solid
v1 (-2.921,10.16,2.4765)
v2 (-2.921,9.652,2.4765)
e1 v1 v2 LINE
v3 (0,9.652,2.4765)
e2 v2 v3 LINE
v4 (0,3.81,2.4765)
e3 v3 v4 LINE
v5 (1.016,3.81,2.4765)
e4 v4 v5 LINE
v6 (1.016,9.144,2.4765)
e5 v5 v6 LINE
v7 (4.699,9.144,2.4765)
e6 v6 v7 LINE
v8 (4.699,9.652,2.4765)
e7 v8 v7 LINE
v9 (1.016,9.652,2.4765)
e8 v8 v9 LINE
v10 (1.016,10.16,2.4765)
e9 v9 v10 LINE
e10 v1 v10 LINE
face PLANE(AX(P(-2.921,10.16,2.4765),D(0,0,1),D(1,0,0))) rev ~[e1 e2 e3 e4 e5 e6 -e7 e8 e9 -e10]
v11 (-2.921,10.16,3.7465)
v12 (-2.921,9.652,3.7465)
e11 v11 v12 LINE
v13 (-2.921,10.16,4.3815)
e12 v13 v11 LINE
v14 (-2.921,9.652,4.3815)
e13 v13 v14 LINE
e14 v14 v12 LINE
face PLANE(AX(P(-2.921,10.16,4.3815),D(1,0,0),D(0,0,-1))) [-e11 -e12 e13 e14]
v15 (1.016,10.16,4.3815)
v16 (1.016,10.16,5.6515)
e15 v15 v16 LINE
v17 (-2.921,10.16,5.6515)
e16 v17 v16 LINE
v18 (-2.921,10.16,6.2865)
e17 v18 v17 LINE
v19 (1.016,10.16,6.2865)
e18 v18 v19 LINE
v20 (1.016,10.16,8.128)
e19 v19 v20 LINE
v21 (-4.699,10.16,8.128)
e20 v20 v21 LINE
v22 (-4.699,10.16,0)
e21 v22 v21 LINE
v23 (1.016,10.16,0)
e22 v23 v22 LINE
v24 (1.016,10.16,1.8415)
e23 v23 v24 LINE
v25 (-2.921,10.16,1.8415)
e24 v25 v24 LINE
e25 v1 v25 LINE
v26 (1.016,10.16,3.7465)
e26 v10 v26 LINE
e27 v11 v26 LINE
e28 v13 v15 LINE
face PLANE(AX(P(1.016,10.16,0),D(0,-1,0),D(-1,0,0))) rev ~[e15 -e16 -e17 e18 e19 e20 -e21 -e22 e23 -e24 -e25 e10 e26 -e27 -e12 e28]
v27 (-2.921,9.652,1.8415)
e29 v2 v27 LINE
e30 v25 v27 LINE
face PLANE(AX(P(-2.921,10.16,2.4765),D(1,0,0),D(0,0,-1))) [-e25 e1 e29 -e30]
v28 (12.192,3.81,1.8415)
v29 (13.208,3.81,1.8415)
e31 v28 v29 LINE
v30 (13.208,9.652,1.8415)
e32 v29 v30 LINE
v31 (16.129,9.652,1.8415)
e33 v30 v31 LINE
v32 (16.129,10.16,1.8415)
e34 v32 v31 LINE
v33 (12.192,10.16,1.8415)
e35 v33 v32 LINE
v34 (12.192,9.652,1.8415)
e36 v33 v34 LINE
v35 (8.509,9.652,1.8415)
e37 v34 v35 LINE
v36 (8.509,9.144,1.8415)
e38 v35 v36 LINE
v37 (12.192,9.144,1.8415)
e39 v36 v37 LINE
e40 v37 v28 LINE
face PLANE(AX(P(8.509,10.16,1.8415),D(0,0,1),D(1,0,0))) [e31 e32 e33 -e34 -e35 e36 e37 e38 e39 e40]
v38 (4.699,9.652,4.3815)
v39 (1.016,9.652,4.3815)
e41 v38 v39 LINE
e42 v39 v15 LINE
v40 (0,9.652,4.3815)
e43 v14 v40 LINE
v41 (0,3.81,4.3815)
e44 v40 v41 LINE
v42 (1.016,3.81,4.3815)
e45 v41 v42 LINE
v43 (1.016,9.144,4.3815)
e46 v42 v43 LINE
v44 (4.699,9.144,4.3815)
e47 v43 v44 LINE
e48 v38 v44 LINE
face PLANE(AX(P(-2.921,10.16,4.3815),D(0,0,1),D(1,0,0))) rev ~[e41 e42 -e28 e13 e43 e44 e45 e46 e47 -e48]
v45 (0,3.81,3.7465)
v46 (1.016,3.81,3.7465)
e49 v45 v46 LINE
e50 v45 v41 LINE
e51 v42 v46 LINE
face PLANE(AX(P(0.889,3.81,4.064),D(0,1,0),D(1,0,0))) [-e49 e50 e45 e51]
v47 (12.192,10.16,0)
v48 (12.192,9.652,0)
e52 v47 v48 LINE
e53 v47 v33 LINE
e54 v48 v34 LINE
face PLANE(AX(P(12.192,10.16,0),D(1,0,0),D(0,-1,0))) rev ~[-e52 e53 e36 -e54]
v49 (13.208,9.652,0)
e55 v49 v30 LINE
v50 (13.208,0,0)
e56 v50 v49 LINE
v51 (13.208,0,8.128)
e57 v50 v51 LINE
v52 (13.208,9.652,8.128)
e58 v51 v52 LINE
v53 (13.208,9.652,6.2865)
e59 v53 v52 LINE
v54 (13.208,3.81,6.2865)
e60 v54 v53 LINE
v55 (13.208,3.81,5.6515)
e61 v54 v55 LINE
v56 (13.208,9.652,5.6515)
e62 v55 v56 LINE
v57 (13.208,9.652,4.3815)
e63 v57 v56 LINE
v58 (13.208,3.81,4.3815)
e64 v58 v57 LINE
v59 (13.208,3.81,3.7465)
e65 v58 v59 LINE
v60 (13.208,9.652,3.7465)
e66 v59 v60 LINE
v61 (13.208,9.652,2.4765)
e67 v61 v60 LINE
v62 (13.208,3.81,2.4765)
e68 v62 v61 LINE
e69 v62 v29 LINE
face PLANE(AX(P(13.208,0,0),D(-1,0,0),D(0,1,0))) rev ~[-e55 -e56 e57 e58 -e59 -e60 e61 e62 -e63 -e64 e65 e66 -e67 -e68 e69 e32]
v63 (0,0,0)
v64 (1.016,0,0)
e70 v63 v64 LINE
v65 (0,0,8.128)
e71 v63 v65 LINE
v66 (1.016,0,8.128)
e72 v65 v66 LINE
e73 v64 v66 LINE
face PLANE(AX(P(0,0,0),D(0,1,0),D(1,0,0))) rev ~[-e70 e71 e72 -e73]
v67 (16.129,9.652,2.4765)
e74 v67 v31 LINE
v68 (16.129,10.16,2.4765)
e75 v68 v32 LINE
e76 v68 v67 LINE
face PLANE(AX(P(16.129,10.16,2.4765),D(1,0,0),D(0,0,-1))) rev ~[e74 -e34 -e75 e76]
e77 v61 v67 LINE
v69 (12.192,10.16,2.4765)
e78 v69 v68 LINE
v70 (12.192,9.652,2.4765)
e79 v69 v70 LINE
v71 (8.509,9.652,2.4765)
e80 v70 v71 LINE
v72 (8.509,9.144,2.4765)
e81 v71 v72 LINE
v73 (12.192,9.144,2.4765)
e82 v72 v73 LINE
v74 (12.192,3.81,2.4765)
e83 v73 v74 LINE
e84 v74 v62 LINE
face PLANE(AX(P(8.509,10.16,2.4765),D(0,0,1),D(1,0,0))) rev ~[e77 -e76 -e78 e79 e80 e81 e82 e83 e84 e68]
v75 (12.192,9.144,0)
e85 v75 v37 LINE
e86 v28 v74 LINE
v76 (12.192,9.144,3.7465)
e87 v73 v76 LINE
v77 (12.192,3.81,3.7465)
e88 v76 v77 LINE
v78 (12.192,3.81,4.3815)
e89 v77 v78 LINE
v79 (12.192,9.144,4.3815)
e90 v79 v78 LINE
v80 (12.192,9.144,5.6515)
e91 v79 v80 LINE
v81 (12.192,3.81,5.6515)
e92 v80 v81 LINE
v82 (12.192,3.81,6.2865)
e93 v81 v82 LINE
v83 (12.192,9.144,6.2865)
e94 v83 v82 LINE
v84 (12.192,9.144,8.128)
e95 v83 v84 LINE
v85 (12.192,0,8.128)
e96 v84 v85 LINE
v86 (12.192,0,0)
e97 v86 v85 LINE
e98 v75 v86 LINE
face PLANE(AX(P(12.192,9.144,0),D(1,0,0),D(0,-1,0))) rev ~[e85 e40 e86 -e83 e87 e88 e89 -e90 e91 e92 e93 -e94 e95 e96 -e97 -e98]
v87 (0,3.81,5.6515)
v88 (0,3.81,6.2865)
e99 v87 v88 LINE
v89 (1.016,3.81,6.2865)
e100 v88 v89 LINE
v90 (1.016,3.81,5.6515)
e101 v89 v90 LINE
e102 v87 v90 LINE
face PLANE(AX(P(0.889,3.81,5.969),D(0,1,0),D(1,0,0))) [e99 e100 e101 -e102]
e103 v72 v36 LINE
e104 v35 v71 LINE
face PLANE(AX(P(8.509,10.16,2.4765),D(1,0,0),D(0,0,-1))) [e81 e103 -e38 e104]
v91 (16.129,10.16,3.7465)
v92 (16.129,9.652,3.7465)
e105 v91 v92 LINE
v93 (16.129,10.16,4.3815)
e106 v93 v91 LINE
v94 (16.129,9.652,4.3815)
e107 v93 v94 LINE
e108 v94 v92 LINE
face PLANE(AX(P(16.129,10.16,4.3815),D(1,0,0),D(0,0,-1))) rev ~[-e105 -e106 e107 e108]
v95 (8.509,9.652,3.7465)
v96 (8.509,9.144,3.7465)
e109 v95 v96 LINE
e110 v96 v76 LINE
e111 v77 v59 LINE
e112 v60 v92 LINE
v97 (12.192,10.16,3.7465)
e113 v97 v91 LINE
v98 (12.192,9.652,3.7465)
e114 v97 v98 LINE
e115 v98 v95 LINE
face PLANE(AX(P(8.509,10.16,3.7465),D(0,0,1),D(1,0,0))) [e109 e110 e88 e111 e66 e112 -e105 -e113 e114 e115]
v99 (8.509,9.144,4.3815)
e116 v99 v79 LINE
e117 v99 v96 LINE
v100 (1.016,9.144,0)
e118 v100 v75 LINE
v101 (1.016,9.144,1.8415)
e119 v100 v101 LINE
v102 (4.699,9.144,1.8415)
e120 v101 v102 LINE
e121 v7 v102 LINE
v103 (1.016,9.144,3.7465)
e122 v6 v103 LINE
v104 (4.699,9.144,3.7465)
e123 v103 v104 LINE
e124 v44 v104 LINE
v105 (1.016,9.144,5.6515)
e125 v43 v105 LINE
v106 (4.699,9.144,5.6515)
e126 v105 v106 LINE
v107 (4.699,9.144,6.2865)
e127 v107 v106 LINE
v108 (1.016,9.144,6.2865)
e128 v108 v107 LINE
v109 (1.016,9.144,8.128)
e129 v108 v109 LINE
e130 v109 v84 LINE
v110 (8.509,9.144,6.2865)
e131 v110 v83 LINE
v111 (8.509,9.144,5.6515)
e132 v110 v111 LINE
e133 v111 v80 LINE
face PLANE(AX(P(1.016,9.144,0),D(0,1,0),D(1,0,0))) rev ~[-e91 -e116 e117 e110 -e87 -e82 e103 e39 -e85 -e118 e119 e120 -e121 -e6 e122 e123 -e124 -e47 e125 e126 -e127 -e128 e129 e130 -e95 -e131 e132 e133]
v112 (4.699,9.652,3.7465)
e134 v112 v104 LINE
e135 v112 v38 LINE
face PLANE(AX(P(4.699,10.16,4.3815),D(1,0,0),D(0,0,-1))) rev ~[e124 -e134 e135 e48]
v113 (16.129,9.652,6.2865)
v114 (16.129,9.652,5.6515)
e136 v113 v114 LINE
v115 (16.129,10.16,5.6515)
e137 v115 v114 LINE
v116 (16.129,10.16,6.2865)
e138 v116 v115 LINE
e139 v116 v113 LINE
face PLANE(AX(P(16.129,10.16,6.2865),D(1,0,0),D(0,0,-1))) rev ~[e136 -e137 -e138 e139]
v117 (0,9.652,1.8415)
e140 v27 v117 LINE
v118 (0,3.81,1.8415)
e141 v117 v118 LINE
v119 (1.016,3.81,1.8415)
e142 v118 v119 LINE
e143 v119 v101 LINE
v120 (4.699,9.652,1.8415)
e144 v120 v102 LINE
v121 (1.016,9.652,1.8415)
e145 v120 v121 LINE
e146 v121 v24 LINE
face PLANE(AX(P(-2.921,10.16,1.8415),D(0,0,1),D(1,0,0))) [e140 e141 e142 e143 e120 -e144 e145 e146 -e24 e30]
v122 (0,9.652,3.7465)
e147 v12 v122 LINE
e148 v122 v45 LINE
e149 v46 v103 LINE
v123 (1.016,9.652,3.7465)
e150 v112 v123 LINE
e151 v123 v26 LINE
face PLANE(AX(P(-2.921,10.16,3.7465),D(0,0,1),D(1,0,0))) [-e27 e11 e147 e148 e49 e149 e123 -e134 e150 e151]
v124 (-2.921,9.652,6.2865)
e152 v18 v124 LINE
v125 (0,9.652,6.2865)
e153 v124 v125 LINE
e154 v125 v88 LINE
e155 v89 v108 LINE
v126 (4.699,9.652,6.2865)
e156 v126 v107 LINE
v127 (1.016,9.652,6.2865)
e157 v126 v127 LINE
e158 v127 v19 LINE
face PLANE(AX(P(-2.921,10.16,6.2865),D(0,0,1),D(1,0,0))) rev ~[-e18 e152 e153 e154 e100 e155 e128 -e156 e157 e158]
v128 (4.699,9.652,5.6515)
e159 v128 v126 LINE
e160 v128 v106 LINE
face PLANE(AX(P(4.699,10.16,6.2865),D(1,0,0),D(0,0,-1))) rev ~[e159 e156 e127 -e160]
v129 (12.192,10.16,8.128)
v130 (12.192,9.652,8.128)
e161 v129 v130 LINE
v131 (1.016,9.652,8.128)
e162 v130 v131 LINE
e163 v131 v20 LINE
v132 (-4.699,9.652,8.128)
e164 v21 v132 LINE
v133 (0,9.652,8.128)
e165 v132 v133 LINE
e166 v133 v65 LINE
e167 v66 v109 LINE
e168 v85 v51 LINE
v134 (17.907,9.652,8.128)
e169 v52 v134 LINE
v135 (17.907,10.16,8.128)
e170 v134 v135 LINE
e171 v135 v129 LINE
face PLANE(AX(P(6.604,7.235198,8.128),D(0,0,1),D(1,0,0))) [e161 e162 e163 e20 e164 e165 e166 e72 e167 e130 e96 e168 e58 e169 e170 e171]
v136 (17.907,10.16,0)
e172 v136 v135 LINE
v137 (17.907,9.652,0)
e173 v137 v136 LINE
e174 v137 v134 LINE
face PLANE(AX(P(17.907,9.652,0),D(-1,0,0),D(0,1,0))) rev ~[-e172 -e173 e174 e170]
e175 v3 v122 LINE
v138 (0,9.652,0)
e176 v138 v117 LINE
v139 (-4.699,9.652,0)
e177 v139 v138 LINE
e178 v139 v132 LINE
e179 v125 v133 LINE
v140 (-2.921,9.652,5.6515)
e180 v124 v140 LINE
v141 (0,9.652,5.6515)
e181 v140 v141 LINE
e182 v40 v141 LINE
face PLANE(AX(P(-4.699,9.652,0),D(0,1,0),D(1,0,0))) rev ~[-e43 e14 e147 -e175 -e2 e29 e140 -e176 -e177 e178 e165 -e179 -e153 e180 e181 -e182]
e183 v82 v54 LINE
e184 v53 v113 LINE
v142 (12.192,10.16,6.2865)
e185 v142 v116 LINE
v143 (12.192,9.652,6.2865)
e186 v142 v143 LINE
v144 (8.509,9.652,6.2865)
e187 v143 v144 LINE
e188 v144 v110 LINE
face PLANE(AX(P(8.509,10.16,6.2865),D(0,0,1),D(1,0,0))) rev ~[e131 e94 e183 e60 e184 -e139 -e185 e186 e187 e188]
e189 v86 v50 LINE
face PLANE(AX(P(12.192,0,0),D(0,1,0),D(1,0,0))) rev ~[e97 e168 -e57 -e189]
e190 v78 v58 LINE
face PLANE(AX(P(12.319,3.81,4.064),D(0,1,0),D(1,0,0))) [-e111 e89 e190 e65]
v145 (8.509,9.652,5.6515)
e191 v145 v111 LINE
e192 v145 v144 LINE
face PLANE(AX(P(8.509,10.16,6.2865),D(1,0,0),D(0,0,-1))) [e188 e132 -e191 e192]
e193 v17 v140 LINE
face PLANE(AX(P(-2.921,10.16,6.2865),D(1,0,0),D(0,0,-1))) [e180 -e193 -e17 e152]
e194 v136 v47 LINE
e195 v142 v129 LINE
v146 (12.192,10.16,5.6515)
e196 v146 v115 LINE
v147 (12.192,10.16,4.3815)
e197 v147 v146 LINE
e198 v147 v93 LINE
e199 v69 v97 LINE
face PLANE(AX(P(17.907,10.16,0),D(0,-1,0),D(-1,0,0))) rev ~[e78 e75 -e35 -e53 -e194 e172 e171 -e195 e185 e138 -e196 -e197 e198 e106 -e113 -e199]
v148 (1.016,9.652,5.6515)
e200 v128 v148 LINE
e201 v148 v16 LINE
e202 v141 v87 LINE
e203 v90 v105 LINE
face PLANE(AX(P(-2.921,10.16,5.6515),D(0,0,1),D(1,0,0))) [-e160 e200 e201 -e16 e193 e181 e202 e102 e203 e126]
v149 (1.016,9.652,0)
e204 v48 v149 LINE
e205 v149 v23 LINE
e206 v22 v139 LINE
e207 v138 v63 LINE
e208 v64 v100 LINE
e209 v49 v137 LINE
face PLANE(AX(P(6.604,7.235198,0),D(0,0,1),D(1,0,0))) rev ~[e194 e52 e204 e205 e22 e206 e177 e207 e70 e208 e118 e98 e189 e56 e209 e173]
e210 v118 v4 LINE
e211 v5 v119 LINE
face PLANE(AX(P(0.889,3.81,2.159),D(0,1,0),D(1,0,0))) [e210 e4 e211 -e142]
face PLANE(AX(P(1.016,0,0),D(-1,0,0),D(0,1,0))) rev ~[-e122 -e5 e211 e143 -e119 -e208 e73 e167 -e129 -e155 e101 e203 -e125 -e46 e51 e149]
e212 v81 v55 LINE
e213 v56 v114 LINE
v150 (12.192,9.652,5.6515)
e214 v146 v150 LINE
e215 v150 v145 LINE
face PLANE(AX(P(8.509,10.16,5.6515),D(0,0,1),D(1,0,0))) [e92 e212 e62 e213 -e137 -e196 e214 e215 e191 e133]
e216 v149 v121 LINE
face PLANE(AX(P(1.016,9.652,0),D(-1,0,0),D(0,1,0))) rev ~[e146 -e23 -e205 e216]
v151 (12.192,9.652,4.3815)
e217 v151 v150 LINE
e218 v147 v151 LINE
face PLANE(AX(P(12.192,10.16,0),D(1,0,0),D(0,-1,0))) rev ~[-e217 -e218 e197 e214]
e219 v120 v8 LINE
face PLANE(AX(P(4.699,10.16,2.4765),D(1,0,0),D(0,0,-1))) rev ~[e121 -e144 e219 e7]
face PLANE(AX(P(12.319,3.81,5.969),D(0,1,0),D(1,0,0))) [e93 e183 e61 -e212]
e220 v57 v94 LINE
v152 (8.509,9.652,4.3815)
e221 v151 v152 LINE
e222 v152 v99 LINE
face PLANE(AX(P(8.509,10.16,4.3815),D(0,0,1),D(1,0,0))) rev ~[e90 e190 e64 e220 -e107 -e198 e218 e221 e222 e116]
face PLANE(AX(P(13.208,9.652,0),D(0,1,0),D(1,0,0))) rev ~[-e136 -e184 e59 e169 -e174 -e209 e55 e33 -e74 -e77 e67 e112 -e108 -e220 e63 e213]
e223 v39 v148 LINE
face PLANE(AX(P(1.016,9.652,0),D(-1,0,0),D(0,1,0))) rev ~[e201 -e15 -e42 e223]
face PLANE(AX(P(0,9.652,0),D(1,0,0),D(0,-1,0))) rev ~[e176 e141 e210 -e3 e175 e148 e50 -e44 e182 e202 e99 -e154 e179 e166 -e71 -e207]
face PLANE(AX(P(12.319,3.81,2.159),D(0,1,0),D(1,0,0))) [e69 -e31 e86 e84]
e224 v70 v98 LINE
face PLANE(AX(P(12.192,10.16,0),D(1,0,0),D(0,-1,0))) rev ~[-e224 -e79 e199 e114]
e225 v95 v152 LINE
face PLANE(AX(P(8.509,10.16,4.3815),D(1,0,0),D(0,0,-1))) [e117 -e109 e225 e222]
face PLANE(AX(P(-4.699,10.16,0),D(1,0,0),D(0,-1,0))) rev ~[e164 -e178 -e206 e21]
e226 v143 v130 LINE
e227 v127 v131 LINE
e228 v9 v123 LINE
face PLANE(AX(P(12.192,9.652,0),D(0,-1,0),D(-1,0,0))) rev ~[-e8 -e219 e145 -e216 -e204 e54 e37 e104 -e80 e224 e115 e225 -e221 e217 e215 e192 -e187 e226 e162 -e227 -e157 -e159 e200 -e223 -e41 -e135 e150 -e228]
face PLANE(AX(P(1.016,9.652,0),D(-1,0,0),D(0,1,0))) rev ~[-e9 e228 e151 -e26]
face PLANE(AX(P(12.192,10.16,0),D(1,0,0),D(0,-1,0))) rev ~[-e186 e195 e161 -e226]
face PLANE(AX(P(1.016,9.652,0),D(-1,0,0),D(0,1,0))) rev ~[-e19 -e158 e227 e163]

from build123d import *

# Parameters (mm, degrees)
BOSS_EXTRUDE1_DEPTH = 8.128
SKETCH2_W           = 7.62
SKETCH2_H           = 0.635
CUT_EXTRUDE1_DEPTH  = 6.35


with BuildPart() as part:
    # Sketch1 → Boss-Extrude1 (new body)
    with BuildSketch(Plane.XY):
        Polygon((-4.699, 10.16), (-4.699, 9.652), (0, 9.652), (0, 0), (1.016, 0), (1.016, 9.144), (12.192, 9.144), (12.192, 0), (13.208, 0), (13.208, 9.652), (17.907, 9.652), (17.907, 10.16), (12.192, 10.16), (12.192, 9.652), (1.016, 9.652), (1.016, 10.16), align=None)
    extrude(amount=BOSS_EXTRUDE1_DEPTH)

    # Sketch2 → Cut-Extrude1 (cut)
    with BuildSketch(Plane(origin=(0, 10.16, 0), x_dir=(1, 0, 0), z_dir=(0, 1, 0))):
        with Locations((0.889, -2.159)):
            Rectangle(SKETCH2_W, SKETCH2_H)
        with Locations((0.889, -4.064)):
            Rectangle(SKETCH2_W, SKETCH2_H)
        with Locations((0.889, -5.969)):
            Rectangle(SKETCH2_W, SKETCH2_H)
        with Locations((12.319, -2.159)):
            Rectangle(SKETCH2_W, SKETCH2_H)
        with Locations((12.319, -4.064)):
            Rectangle(SKETCH2_W, SKETCH2_H)
        with Locations((12.319, -5.969)):
            Rectangle(SKETCH2_W, SKETCH2_H)
    extrude(amount=-CUT_EXTRUDE1_DEPTH, mode=Mode.SUBTRACT)


solid = part.part
